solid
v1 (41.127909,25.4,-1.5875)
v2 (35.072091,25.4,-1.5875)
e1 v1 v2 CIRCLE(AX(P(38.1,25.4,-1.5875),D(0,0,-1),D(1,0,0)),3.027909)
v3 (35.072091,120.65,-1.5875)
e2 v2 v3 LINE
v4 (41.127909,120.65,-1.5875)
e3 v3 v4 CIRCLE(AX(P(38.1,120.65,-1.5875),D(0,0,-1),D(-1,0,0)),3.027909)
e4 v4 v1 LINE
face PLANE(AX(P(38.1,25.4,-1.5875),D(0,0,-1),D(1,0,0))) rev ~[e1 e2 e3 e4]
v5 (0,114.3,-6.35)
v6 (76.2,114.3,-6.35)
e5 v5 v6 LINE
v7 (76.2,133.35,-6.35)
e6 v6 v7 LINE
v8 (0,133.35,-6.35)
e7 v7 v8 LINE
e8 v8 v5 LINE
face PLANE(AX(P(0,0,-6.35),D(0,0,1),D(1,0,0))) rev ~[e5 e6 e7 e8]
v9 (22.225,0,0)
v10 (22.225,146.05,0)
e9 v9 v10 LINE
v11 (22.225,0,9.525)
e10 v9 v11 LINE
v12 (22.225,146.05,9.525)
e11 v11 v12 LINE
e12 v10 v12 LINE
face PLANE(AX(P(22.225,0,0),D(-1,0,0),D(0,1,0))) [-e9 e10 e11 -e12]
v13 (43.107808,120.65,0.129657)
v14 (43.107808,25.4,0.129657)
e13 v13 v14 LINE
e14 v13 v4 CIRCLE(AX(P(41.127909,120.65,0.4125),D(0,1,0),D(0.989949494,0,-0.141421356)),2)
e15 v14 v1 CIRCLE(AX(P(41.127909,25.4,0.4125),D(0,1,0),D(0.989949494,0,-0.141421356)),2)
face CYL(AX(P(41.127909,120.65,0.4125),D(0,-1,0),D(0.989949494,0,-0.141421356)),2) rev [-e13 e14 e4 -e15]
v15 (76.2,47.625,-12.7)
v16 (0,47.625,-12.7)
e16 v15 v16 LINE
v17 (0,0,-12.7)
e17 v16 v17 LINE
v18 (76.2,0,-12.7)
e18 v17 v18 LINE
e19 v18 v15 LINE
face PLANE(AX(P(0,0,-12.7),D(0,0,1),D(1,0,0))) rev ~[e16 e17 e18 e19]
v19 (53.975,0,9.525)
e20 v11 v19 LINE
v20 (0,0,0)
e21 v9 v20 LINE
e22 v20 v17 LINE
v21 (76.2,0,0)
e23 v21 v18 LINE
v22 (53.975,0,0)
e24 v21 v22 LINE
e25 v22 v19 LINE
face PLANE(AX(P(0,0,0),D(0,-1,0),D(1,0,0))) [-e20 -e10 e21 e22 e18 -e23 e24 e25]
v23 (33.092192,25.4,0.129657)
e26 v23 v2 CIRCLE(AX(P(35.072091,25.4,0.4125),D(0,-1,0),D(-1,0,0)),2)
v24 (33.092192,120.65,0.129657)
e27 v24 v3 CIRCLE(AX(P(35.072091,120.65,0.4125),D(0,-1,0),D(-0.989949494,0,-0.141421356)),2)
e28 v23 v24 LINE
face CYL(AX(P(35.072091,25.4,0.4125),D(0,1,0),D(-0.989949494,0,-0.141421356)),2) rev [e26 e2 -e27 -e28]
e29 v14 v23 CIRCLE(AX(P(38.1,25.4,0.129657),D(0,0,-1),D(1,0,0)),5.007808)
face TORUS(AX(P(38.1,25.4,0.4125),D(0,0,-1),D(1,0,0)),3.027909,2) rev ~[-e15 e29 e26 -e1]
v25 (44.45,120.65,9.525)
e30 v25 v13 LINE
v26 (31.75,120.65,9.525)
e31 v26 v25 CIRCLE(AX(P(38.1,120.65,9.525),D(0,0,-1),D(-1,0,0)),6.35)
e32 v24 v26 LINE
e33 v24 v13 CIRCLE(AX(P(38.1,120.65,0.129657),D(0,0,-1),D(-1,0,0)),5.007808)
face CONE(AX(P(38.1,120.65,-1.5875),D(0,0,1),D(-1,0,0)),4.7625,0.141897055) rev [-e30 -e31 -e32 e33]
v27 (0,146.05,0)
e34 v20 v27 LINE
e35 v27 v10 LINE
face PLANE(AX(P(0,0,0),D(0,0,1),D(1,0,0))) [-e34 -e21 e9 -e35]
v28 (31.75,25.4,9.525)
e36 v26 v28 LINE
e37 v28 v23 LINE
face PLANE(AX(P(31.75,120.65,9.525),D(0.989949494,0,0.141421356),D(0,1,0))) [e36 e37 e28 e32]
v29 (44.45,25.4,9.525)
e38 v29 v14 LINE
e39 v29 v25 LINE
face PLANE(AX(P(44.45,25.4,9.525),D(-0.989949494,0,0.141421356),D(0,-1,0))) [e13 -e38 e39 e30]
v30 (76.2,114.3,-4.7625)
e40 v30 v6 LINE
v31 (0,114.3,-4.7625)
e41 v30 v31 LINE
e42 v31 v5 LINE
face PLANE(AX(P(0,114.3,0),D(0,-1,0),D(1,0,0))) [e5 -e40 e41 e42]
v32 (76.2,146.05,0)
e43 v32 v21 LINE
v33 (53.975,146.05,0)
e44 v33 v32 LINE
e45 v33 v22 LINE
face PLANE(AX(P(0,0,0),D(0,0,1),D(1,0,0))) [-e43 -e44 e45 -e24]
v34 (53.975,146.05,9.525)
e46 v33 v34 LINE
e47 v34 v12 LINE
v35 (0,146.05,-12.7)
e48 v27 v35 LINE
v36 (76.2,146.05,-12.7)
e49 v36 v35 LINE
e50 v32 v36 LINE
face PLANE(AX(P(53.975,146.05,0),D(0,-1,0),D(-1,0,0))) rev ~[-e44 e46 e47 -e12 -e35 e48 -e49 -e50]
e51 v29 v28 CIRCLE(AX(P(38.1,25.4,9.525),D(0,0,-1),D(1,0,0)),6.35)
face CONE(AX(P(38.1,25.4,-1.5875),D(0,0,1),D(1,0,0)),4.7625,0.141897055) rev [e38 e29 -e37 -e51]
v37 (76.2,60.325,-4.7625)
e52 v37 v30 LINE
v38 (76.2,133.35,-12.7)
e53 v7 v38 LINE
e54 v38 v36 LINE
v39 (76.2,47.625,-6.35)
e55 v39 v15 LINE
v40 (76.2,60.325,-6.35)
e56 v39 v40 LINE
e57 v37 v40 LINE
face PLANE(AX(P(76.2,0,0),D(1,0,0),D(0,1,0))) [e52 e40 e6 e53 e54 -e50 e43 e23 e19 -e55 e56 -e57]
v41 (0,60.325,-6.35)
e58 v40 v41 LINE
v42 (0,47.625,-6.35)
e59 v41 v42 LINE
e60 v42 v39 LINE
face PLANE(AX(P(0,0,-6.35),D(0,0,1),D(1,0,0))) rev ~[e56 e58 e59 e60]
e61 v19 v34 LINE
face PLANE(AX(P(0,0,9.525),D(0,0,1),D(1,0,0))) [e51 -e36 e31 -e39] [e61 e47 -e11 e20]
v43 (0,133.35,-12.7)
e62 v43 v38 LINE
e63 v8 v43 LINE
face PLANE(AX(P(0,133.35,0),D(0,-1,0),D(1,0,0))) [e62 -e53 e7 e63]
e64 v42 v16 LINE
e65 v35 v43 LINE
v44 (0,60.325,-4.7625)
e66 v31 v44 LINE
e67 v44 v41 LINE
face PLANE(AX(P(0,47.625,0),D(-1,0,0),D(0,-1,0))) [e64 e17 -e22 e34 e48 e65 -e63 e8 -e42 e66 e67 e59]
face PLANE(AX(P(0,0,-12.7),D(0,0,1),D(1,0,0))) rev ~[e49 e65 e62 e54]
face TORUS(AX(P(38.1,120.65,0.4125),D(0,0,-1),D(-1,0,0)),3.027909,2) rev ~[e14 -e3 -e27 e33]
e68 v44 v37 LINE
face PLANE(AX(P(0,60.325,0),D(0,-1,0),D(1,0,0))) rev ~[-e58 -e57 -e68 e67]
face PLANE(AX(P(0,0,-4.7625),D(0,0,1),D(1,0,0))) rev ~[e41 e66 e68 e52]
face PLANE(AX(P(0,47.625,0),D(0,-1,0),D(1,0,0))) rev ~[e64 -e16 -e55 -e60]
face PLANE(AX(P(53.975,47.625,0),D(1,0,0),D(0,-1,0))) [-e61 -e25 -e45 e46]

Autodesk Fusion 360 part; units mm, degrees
sketch "Sketch1" plane through (0, 0, 0) normal (0, 0, 1) x (1, 0, 0)
  line L0 (0, 0) -> (76.2, 0)
  line L1 (76.2, 0) -> (76.2, 146.05)
  line L2 (76.2, 146.05) -> (0, 146.05)
  line L3 (0, 146.05) -> (0, 0)
  line L4 (22.225, 0) -> (22.225, 146.05)
  line L5 (53.975, 146.05) -> (53.975, 0)
  line L6 (0, 133.35) -> (76.2, 133.35)
  line L7 (0, 114.3) -> (76.2, 114.3)
  line L8 (0, 60.325) -> (76.2, 60.325)
  line L9 (0, 47.625) -> (76.2, 47.625)
  dimension "d1" = 76.2
  dimension "d2" = 146.05
  dimension "d3" = 22.225
  dimension "d4" = 22.225
  dimension "d5" = 12.7
  dimension "d6" = 19.05
  dimension "d7" = 12.7
  dimension "d8" = 85.725
extrude "Extrude1" add sketch "Sketch1" against normal blind 12.7 contours L0 L3 L4 L9 | L0 L4 L5 L9 | L0 L1 L5 L9 makes body 1
extrude "Extrude2" add sketch "Sketch1" against normal blind 12.7 separate body contours L2 L3 L4 L6 | L2 L4 L5 L6 | L1 L2 L5 L6 makes body 2
extrude "Extrude3" add sketch "Sketch1" along normal blind 9.525 separate body contours L0 L4 L5 L9 | L4 L5 L8 L9 | L4 L5 L7 L8 | L4 L5 L6 L7 | L2 L4 L5 L6 makes body 3
extrude "Extrude4" add sketch "Sketch1" against normal blind 6.35 separate body contours L3 L4 L6 L7 | L4 L5 L6 L7 | L1 L5 L6 L7 makes body 4
extrude "Extrude5" add sketch "Sketch1" against normal blind 6.35 separate body contours L3 L4 L8 L9 | L4 L5 L8 L9 | L1 L5 L8 L9 makes body 5
extrude "Extrude6" add sketch "Sketch1" against normal blind 4.7625 separate body contours L3 L4 L7 L8 | L4 L5 L7 L8 | L1 L5 L7 L8 makes body 6
ref_plane "WorkPlane1" through (22.225, 146.05, 9.525) normal (0, 0, -1) x (-1, 0, 0)
sketch "Sketch2" plane through (22.225, 146.05, 9.525) normal (0, 0, -1) x (1, 0, 0)
  line L0 (53.975, 0) -> (-22.225, 0)
  line L1 (53.975, 146.05) -> (53.975, 0)
  line L2 (-22.225, 146.05) -> (53.975, 146.05)
  line L3 (-22.225, 0) -> (-22.225, 146.05)
  line L4 (9.525, 25.4) -> (9.525, 120.65)
  line L5 (22.225, 120.65) -> (22.225, 25.4)
  arc A0 (22.225, 120.65) -> (9.525, 120.65) centre (15.875, 120.65) ccw
  arc A1 (9.525, 25.4) -> (22.225, 25.4) centre (15.875, 25.4) ccw
  dimension "d21" = 12.7
  dimension "d22" = 12.7
  dimension "d23" = 25.4
  dimension "d24" = 25.4
  dimension "d25" = 38.1
  dimension "d26" = 38.1
  dimension "d27" = 6.35
  dimension "d28" = 6.35
ref_plane "WorkPlane2" through (38.1, 73.025, -1.5875) normal (0, 0, -1) x (1, 0, 0)
sketch "Sketch3" plane through (38.1, 73.025, -1.5875) normal (0, 0, -1) x (1, 0, 0)
  line L0 (-6.35, -47.625) -> (-6.35, 47.625)
  arc A0 (-6.35, -47.625) -> (6.35, -47.625) centre (0, -47.625) ccw
  line L1 (6.35, 47.625) -> (6.35, -47.625)
  arc A1 (6.35, 47.625) -> (-6.35, 47.625) centre (0, 47.625) ccw
  line L2 (-4.7625, -47.625) -> (-4.7625, 47.625)
  arc A2 (4.7625, 47.625) -> (-4.7625, 47.625) centre (0, 47.625) ccw
  line L3 (4.7625, 47.625) -> (4.7625, -47.625)
  arc A3 (-4.7625, -47.625) -> (4.7625, -47.625) centre (0, -47.625) ccw
  dimension "d30" = 1.5875
loft "Loft1" cut profiles "Sketch3", "Sketch2" section 1 contours L2 A2 L3 A3 section 2 contours L4 L5 A0 A1 bodies 1 3 4 5 6
combine "Combine1" operation add target body 1 tool bodies 2 3 4 5 6
fillet "Fillet1" radius 2 7 edges at (42.8625, 53.975, -1.5875) (42.8625, 36.5125, -1.5875) (33.3375, 28.0546, -1.5875) (33.3375, 53.975, -1.5875) (33.3375, 87.3125, -1.5875) (38.1, 125.4124, -1.5875) (42.8625, 87.3125, -1.5875) on bodies 1
